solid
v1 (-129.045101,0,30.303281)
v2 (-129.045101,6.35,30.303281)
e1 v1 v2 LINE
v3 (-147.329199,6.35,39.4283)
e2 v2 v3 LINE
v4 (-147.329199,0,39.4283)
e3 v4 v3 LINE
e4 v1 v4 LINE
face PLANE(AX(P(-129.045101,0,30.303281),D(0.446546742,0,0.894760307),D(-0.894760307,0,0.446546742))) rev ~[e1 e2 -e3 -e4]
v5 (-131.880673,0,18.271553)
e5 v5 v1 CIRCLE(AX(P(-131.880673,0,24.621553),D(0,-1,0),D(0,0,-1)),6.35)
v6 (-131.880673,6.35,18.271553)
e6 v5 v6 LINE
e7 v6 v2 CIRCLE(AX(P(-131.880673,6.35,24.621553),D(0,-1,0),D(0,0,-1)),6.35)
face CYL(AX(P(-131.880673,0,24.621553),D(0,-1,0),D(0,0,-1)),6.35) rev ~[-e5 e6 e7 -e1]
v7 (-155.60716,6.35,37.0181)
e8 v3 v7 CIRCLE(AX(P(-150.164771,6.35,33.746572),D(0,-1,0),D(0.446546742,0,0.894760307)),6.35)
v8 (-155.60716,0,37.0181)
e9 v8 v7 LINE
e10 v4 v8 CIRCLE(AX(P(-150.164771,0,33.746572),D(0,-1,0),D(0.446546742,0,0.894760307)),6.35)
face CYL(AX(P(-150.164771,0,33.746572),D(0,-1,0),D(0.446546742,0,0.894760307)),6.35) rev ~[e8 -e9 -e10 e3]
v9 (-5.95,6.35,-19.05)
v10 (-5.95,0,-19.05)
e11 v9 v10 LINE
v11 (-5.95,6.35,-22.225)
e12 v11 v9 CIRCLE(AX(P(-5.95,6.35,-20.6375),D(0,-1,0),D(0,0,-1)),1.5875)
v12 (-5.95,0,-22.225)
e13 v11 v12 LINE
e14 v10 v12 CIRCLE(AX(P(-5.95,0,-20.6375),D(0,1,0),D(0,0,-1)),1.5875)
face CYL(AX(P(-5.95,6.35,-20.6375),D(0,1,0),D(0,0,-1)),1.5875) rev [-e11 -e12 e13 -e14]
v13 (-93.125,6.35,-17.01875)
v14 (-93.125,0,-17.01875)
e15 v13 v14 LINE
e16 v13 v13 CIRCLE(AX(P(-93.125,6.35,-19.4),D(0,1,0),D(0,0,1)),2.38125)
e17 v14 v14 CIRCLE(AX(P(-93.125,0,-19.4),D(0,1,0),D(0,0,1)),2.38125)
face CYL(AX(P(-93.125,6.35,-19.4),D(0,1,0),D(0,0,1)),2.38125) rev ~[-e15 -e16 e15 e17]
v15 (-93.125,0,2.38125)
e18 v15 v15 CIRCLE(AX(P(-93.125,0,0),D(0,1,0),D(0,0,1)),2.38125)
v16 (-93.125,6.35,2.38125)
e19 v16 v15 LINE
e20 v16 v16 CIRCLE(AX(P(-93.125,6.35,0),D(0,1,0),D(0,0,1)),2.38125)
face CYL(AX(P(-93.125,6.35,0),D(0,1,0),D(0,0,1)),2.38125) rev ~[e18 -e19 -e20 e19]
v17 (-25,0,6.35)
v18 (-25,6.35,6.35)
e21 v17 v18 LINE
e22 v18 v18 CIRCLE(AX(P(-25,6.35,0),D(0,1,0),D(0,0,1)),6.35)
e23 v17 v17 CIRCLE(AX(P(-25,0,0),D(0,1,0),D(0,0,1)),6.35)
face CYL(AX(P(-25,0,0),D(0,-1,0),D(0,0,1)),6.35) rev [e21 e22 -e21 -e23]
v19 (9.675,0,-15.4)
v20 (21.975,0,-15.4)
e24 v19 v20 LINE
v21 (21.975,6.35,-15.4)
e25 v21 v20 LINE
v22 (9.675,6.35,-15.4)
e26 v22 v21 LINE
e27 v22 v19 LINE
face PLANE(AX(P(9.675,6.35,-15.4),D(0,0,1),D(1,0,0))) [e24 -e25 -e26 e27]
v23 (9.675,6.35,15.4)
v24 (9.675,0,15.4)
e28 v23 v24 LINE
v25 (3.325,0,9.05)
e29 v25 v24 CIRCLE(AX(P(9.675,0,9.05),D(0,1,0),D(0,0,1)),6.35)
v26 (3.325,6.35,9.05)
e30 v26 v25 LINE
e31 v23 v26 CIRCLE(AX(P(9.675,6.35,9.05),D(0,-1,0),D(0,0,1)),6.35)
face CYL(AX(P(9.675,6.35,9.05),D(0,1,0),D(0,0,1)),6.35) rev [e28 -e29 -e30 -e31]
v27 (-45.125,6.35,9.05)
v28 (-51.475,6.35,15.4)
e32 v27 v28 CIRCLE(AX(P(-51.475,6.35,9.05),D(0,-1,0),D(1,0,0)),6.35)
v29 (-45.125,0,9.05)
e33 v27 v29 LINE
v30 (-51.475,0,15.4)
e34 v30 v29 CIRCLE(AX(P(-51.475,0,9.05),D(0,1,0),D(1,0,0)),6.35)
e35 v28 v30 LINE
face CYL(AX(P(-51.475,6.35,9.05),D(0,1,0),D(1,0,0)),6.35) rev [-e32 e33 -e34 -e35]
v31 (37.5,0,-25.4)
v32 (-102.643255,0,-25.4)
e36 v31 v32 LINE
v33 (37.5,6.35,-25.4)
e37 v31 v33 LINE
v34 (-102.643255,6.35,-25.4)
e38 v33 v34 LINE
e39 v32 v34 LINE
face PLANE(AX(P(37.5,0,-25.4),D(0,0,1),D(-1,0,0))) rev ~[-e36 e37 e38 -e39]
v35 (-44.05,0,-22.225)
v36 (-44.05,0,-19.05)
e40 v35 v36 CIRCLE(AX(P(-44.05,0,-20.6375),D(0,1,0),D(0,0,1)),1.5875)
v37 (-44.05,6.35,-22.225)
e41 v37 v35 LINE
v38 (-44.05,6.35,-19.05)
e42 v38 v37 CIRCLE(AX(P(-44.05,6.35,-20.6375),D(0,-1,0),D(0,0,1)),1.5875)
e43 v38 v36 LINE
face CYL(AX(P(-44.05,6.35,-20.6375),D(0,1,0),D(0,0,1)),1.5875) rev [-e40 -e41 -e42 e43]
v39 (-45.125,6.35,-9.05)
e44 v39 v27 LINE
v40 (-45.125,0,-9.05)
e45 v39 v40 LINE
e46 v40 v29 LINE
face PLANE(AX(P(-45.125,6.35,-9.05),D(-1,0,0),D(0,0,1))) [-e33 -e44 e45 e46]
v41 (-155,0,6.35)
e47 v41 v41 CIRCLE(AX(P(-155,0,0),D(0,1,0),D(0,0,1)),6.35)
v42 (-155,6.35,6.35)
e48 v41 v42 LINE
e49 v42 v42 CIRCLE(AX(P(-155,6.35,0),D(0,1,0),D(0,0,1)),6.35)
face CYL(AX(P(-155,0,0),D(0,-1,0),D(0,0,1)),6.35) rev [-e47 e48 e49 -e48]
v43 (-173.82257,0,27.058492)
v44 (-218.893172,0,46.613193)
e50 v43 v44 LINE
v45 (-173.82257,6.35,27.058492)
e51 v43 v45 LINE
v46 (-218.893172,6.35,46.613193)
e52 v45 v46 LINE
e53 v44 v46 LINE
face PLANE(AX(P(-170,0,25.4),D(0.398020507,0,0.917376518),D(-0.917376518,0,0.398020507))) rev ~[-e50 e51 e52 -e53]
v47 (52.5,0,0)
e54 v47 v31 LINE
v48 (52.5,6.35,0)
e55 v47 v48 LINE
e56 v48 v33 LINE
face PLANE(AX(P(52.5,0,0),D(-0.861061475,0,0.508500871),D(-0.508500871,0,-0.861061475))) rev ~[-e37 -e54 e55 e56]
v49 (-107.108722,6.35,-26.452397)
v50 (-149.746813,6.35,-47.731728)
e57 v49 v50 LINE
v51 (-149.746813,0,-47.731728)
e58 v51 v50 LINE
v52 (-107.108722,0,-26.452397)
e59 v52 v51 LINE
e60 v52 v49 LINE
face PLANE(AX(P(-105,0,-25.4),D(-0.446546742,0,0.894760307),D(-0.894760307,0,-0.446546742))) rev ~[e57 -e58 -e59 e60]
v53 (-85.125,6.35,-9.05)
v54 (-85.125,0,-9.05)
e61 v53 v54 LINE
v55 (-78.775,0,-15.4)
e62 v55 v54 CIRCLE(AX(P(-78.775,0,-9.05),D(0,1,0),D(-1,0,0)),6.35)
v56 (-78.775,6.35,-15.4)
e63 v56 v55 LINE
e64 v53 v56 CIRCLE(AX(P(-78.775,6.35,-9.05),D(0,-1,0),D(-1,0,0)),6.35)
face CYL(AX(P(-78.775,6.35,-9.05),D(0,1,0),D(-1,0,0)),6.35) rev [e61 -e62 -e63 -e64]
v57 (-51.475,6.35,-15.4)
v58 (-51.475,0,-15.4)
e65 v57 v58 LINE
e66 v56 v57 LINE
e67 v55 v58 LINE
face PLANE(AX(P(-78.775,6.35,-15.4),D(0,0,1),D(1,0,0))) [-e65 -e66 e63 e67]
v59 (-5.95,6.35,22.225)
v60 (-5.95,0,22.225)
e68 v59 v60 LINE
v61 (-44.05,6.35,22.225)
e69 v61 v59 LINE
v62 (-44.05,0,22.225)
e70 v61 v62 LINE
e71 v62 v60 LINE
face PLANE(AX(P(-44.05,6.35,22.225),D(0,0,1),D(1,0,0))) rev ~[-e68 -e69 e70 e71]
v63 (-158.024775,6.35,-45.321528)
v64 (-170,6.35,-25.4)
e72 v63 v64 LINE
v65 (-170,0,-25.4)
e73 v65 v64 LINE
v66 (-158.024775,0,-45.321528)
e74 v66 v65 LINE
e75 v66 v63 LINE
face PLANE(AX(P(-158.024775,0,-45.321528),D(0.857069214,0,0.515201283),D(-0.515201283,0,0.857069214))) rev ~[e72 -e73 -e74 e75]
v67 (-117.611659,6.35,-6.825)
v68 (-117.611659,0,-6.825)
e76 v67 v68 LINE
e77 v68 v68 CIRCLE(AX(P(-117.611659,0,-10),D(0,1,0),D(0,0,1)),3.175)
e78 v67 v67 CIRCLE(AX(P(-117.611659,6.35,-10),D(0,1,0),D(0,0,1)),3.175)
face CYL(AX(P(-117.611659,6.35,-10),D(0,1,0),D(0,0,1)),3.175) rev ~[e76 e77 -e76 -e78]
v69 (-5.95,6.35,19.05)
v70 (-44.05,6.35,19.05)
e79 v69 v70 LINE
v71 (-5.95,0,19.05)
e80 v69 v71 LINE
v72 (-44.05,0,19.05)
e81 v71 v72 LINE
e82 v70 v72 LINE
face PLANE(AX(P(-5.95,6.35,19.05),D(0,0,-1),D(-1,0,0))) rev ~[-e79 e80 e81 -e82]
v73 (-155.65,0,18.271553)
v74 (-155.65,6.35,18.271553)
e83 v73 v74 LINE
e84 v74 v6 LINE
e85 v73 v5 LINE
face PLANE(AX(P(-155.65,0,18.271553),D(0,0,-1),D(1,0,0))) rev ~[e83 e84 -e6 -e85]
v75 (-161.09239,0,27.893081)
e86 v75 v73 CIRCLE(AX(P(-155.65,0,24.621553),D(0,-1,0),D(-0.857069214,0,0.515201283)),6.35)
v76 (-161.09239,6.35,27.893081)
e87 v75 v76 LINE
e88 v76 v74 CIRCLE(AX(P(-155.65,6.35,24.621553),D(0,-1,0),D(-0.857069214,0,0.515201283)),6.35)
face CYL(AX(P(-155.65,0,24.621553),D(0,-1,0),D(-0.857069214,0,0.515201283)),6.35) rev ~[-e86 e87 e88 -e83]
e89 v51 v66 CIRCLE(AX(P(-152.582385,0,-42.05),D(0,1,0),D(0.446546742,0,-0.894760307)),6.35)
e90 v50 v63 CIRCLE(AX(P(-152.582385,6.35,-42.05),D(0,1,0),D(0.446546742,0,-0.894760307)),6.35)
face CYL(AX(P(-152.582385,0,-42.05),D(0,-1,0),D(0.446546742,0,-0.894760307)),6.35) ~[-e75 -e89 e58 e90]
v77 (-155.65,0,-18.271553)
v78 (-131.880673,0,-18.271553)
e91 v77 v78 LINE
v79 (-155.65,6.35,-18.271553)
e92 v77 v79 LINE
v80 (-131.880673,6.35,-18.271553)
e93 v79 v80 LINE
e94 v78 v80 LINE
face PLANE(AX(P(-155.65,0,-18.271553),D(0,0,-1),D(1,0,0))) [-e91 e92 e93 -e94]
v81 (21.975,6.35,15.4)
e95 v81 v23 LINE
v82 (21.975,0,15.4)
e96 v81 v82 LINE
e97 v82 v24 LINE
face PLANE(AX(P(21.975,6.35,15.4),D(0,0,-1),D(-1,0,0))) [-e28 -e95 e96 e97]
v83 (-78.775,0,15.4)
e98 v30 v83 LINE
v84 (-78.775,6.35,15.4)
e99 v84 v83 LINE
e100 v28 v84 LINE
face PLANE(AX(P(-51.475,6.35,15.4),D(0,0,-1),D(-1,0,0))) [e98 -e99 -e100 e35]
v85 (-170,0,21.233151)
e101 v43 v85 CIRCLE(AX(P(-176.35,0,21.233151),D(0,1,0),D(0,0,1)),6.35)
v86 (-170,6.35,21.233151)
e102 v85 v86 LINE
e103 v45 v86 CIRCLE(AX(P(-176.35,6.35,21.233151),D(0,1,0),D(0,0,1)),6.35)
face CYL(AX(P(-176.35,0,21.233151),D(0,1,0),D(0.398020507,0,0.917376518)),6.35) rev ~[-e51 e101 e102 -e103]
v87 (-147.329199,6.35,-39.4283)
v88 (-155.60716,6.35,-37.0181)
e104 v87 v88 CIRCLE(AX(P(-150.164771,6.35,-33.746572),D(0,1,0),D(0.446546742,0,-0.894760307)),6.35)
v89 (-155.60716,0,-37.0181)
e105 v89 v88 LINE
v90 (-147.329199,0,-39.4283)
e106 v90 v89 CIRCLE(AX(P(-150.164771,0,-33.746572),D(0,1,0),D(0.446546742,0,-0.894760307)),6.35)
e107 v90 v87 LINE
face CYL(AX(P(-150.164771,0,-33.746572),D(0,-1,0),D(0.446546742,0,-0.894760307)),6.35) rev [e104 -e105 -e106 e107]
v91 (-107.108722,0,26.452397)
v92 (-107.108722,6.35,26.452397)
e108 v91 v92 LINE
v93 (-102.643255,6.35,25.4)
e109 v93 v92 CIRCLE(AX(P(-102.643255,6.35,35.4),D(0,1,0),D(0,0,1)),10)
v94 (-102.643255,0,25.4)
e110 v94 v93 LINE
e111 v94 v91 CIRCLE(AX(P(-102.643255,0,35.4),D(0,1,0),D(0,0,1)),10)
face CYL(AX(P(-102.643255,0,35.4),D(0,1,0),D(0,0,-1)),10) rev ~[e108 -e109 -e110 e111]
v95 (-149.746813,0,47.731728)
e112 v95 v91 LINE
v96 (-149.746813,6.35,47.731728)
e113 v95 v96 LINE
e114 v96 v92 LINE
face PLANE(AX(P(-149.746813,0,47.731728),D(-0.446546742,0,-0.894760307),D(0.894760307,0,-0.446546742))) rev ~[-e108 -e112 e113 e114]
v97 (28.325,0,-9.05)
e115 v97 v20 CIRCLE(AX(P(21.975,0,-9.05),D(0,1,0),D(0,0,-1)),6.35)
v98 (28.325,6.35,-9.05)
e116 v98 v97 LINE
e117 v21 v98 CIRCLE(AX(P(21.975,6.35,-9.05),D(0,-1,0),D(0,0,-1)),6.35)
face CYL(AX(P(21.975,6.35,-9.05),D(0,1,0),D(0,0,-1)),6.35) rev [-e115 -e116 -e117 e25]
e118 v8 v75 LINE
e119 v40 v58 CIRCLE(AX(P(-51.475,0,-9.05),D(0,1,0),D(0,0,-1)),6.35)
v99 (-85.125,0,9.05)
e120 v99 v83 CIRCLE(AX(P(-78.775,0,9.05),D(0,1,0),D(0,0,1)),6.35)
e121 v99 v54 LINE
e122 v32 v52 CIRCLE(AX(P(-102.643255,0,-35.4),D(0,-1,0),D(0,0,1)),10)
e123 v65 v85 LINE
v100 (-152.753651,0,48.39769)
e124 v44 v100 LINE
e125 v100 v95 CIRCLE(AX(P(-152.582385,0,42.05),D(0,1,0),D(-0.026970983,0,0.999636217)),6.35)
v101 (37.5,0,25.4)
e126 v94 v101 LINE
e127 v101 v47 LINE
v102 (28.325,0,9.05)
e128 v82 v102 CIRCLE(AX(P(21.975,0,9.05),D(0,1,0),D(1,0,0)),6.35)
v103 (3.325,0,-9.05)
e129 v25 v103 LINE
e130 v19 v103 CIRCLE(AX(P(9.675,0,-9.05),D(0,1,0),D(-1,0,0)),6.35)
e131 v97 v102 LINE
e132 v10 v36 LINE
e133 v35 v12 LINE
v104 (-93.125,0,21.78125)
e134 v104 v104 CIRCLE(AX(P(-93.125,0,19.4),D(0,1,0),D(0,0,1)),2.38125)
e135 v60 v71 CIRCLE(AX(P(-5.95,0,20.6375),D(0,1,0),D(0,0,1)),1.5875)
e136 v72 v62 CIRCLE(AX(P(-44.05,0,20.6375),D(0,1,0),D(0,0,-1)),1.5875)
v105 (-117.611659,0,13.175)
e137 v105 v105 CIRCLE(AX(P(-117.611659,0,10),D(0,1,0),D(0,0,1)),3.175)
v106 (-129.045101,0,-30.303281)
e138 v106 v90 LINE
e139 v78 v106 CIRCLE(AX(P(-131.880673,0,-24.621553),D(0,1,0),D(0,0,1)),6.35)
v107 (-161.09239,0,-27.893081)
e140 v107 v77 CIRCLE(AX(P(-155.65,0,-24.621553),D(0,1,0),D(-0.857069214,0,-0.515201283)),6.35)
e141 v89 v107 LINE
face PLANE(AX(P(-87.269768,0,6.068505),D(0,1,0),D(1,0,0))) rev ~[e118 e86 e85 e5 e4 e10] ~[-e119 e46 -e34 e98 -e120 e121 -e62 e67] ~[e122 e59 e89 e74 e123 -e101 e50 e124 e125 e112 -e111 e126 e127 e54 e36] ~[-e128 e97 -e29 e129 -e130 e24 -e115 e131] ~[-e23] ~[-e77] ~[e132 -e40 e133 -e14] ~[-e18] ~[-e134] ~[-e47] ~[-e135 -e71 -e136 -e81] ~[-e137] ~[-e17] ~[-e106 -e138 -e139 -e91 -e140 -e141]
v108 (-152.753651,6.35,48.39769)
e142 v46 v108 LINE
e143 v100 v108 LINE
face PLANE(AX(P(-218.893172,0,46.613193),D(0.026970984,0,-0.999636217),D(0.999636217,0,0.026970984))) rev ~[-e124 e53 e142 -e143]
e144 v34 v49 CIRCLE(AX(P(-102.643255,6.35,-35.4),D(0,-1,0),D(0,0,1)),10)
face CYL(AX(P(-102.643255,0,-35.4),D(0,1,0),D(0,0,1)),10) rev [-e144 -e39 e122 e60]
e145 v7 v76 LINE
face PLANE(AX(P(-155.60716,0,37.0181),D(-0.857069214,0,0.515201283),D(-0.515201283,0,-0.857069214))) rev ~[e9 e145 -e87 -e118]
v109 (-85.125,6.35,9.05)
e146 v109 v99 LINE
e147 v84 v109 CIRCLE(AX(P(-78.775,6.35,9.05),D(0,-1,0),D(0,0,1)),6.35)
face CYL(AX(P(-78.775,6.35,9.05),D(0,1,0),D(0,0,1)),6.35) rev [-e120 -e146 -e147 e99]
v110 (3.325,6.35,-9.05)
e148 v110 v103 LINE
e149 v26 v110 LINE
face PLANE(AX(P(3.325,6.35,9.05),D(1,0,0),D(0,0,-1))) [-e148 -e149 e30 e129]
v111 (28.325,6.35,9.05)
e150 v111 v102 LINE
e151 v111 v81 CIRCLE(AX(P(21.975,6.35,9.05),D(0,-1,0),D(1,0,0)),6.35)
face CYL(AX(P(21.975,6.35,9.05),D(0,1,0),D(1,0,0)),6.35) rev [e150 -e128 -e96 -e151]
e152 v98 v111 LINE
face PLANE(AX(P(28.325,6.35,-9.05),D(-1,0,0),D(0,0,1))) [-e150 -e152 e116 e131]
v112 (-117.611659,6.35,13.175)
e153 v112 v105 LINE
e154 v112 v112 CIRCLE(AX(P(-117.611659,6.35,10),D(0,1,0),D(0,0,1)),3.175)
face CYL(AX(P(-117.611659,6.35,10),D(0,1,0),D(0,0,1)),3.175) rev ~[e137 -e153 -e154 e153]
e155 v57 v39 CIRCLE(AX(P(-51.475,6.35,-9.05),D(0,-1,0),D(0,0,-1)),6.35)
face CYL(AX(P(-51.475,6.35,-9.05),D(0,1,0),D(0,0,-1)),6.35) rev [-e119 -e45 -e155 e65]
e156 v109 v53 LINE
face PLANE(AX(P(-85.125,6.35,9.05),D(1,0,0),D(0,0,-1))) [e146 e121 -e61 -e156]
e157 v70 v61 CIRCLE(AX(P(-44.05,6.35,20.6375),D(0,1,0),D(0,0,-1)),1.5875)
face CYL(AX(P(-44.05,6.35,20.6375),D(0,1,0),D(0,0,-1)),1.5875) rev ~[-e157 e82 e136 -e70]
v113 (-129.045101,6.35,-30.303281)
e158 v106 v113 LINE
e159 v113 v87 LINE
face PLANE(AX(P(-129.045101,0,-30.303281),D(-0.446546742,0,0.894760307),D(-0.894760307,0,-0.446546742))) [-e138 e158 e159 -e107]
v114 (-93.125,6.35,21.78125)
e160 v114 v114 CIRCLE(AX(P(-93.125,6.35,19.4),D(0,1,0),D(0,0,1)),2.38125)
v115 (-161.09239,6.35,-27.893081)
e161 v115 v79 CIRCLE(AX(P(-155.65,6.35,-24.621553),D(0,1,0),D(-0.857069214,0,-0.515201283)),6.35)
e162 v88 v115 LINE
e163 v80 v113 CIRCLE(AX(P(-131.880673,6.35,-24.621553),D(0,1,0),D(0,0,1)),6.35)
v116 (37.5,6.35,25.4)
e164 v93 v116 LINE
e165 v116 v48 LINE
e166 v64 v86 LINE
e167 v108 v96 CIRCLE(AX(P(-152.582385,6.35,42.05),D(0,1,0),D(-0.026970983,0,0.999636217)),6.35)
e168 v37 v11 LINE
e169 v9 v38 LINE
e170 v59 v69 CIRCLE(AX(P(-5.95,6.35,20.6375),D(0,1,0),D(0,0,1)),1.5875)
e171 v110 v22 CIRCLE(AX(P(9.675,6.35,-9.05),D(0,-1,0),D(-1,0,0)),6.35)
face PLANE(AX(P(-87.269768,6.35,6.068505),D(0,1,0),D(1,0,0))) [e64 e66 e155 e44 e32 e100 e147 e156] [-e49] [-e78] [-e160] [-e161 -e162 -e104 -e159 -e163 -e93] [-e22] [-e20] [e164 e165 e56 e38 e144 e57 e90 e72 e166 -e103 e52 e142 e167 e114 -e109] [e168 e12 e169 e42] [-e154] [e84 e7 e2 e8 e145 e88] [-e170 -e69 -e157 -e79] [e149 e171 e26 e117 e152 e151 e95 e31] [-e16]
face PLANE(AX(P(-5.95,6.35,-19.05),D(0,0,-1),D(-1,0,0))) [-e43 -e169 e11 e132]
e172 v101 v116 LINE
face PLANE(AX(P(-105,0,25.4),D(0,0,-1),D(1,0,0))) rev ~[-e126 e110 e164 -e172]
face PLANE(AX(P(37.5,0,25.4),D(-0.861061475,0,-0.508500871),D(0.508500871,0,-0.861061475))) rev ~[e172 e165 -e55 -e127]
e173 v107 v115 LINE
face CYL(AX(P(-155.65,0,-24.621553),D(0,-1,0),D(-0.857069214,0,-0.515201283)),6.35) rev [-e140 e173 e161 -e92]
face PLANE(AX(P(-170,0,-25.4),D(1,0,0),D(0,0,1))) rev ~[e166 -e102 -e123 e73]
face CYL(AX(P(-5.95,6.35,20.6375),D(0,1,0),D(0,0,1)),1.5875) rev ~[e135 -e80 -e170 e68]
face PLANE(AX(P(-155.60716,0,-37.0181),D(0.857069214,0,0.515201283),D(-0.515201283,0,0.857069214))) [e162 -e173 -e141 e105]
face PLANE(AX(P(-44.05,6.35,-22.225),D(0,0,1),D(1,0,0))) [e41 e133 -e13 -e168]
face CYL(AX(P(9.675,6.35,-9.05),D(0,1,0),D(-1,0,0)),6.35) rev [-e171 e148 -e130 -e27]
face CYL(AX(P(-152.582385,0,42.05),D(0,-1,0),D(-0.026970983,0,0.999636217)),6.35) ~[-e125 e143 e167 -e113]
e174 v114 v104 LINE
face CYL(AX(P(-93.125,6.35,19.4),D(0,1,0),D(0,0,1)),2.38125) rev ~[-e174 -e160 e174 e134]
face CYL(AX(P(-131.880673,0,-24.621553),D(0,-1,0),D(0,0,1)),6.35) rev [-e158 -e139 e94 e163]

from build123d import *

# Parameters (mm, degrees)
CROQUIS1_R              = 6.35
SALIENTE_EXTRUIR1_DEPTH = 6.35
CORTAR_EXTRUIR2_DEPTH   = 225.270156497
CORTAR_EXTRUIR3_DEPTH   = 225.270156497
REDONDEO1_R             = 10
CROQUIS8_R              = 2.38125
CORTAR_EXTRUIR4_DEPTH   = 225.270156497
REDONDEO2_R             = 6.35
CROQUIS10_R             = 3.175
CORTAR_EXTRUIR6_DEPTH   = 225.270156497


with BuildPart() as part:
    # Croquis1 → Saliente-Extruir1 (new body)
    with BuildSketch(Plane(origin=(0, 0, 0), x_dir=(1, 0, 0), z_dir=(0, 1, 0))):
        with BuildLine():
            Line((37.5, -25.4), (52.5, 0))
            Line((52.5, 0), (37.5, 25.4))
            Line((37.5, 25.4), (-105, 25.4))
            Line((-105, 25.4), (-149.746813481, 47.731727951))
            ThreePointArc((-149.746813481, 47.731727951), (-154.357530471, 48.146831931), (-158.024774803, 45.321528145))
            Line((-158.024774803, 45.321528145), (-170, 25.4))
            Line((-170, 25.4), (-170, -25.4))
            Line((-170, -25.4), (-218.893171651, -46.613192851))
            Line((-218.893171651, -46.613192851), (-152.75365104, -48.397689977))
            ThreePointArc((-152.75365104, -48.397689977), (-151.209247261, -48.24975741), (-149.746813481, -47.731727951))
            Line((-149.746813481, -47.731727951), (-105, -25.4))
            Line((-105, -25.4), (37.5, -25.4))
        make_face()
        with Locations(Location((-155, 0, 0), (0, 0, 270))):
            Circle(CROQUIS1_R, mode=Mode.SUBTRACT)
        with Locations(Location((-25, 0, 0), (0, 0, 270))):
            Circle(CROQUIS1_R, mode=Mode.SUBTRACT)
        with BuildLine():
            Line((-129.045100716, 30.303281185), (-147.329198773, 39.428299747))
            ThreePointArc((-147.329198773, 39.428299747), (-151.939915763, 39.843403727), (-155.607160095, 37.018099941))
            Line((-155.607160095, 37.018099941), (-161.092389512, 27.893081378))
            ThreePointArc((-161.092389512, 27.893081378), (-161.177056347, 21.495189828), (-155.65, 18.271553233))
            Line((-155.65, 18.271553233), (-131.880672526, 18.271553233))
            ThreePointArc((-131.880672526, 18.271553233), (-125.699998109, 23.164925706), (-129.045100716, 30.303281185))
        make_face(mode=Mode.SUBTRACT)
        with BuildLine():
            Line((-129.045100716, -30.303281185), (-147.329198773, -39.428299747))
            ThreePointArc((-147.329198773, -39.428299747), (-151.939915763, -39.843403727), (-155.607160095, -37.018099941))
            Line((-155.607160095, -37.018099941), (-161.092389512, -27.893081378))
            ThreePointArc((-161.092389512, -27.893081378), (-161.177056347, -21.495189828), (-155.65, -18.271553233))
            Line((-155.65, -18.271553233), (-131.880672526, -18.271553233))
            ThreePointArc((-131.880672526, -18.271553233), (-125.699998109, -23.164925706), (-129.045100716, -30.303281185))
        make_face(mode=Mode.SUBTRACT)
    extrude(amount=SALIENTE_EXTRUIR1_DEPTH)

    # Croquis5 → Cortar-Extruir2 (cut, through all)
    with BuildSketch(Plane(origin=(0, 6.35, 0), x_dir=(1, 0, 0), z_dir=(0, 1, 0))):
        with BuildLine():
            Line((-44.05, 22.225), (-5.95, 22.225))
            ThreePointArc((-5.95, 22.225), (-4.3625, 20.6375), (-5.95, 19.05))
            Line((-5.95, 19.05), (-44.05, 19.05))
            ThreePointArc((-44.05, 19.05), (-45.6375, 20.6375), (-44.05, 22.225))
        make_face()
        with BuildLine():
            Line((-5.95, -19.05), (-44.05, -19.05))
            ThreePointArc((-44.05, -19.05), (-45.6375, -20.6375), (-44.05, -22.225))
            Line((-44.05, -22.225), (-5.95, -22.225))
            ThreePointArc((-5.95, -22.225), (-4.3625, -20.6375), (-5.95, -19.05))
        make_face()
    extrude(amount=-CORTAR_EXTRUIR2_DEPTH, mode=Mode.SUBTRACT)

    # Croquis7 → Cortar-Extruir3 (cut, through all)
    with BuildSketch(Plane(origin=(0, 6.35, 0), x_dir=(1, 0, 0), z_dir=(0, 1, 0))):
        with BuildLine():
            Line((-78.775, 15.4), (-51.475, 15.4))
            ThreePointArc((-51.475, 15.4), (-46.984871939, 13.540128061), (-45.125, 9.05))
            Line((-45.125, 9.05), (-45.125, -9.05))
            ThreePointArc((-45.125, -9.05), (-46.984871939, -13.540128061), (-51.475, -15.4))
            Line((-51.475, -15.4), (-78.775, -15.4))
            ThreePointArc((-78.775, -15.4), (-83.265128061, -13.540128061), (-85.125, -9.05))
            Line((-85.125, -9.05), (-85.125, 9.05))
            ThreePointArc((-85.125, 9.05), (-83.265128061, 13.540128061), (-78.775, 15.4))
        make_face()
        with BuildLine():
            Line((9.675, 15.4), (21.975, 15.4))
            ThreePointArc((21.975, 15.4), (26.465128061, 13.540128061), (28.325, 9.05))
            Line((28.325, 9.05), (28.325, -9.05))
            ThreePointArc((28.325, -9.05), (26.465128061, -13.540128061), (21.975, -15.4))
            Line((21.975, -15.4), (9.675, -15.4))
            ThreePointArc((9.675, -15.4), (5.184871939, -13.540128061), (3.325, -9.05))
            Line((3.325, -9.05), (3.325, 9.05))
            ThreePointArc((3.325, 9.05), (5.184871939, 13.540128061), (9.675, 15.4))
        make_face()
    extrude(amount=-CORTAR_EXTRUIR3_DEPTH, mode=Mode.SUBTRACT)

    # Redondeo1
    redondeo1_edges = [part.edges().sort_by_distance(p)[0] for p in [
        (-105, 3.175, 25.4),
        (-105, 3.175, -25.4),
    ]]
    fillet(redondeo1_edges, radius=REDONDEO1_R)

    # Croquis8 → Cortar-Extruir4 (cut, through all)
    with BuildSketch(Plane(origin=(0, 6.35, 0), x_dir=(1, 0, 0), z_dir=(0, 1, 0))):
        with Locations(Location((-93.125, 0, 0), (0, 0, 270))):
            Circle(CROQUIS8_R)
        with Locations(Location((-93.125, 19.4, 0), (0, 0, 270))):
            Circle(CROQUIS8_R)
        with Locations(Location((-93.125, -19.4, 0), (0, 0, 270))):
            Circle(CROQUIS8_R)
    extrude(amount=-CORTAR_EXTRUIR4_DEPTH, mode=Mode.SUBTRACT)

    # Redondeo2
    redondeo2_edges = [part.edges().sort_by_distance(p)[0] for p in [
        (-170, 3.175, 25.4),
    ]]
    fillet(redondeo2_edges, radius=REDONDEO2_R)

    # Croquis10 → Cortar-Extruir6 (cut, through all)
    with BuildSketch(Plane(origin=(0, 6.35, 0), x_dir=(1, 0, 0), z_dir=(0, 1, 0))):
        with Locations(Location((-117.61165924, -10, 0), (0, 0, 270))):
            Circle(CROQUIS10_R)
        with Locations(Location((-117.61165924, 10, 0), (0, 0, 270))):
            Circle(CROQUIS10_R)
    extrude(amount=-CORTAR_EXTRUIR6_DEPTH, mode=Mode.SUBTRACT)


solid = part.part
